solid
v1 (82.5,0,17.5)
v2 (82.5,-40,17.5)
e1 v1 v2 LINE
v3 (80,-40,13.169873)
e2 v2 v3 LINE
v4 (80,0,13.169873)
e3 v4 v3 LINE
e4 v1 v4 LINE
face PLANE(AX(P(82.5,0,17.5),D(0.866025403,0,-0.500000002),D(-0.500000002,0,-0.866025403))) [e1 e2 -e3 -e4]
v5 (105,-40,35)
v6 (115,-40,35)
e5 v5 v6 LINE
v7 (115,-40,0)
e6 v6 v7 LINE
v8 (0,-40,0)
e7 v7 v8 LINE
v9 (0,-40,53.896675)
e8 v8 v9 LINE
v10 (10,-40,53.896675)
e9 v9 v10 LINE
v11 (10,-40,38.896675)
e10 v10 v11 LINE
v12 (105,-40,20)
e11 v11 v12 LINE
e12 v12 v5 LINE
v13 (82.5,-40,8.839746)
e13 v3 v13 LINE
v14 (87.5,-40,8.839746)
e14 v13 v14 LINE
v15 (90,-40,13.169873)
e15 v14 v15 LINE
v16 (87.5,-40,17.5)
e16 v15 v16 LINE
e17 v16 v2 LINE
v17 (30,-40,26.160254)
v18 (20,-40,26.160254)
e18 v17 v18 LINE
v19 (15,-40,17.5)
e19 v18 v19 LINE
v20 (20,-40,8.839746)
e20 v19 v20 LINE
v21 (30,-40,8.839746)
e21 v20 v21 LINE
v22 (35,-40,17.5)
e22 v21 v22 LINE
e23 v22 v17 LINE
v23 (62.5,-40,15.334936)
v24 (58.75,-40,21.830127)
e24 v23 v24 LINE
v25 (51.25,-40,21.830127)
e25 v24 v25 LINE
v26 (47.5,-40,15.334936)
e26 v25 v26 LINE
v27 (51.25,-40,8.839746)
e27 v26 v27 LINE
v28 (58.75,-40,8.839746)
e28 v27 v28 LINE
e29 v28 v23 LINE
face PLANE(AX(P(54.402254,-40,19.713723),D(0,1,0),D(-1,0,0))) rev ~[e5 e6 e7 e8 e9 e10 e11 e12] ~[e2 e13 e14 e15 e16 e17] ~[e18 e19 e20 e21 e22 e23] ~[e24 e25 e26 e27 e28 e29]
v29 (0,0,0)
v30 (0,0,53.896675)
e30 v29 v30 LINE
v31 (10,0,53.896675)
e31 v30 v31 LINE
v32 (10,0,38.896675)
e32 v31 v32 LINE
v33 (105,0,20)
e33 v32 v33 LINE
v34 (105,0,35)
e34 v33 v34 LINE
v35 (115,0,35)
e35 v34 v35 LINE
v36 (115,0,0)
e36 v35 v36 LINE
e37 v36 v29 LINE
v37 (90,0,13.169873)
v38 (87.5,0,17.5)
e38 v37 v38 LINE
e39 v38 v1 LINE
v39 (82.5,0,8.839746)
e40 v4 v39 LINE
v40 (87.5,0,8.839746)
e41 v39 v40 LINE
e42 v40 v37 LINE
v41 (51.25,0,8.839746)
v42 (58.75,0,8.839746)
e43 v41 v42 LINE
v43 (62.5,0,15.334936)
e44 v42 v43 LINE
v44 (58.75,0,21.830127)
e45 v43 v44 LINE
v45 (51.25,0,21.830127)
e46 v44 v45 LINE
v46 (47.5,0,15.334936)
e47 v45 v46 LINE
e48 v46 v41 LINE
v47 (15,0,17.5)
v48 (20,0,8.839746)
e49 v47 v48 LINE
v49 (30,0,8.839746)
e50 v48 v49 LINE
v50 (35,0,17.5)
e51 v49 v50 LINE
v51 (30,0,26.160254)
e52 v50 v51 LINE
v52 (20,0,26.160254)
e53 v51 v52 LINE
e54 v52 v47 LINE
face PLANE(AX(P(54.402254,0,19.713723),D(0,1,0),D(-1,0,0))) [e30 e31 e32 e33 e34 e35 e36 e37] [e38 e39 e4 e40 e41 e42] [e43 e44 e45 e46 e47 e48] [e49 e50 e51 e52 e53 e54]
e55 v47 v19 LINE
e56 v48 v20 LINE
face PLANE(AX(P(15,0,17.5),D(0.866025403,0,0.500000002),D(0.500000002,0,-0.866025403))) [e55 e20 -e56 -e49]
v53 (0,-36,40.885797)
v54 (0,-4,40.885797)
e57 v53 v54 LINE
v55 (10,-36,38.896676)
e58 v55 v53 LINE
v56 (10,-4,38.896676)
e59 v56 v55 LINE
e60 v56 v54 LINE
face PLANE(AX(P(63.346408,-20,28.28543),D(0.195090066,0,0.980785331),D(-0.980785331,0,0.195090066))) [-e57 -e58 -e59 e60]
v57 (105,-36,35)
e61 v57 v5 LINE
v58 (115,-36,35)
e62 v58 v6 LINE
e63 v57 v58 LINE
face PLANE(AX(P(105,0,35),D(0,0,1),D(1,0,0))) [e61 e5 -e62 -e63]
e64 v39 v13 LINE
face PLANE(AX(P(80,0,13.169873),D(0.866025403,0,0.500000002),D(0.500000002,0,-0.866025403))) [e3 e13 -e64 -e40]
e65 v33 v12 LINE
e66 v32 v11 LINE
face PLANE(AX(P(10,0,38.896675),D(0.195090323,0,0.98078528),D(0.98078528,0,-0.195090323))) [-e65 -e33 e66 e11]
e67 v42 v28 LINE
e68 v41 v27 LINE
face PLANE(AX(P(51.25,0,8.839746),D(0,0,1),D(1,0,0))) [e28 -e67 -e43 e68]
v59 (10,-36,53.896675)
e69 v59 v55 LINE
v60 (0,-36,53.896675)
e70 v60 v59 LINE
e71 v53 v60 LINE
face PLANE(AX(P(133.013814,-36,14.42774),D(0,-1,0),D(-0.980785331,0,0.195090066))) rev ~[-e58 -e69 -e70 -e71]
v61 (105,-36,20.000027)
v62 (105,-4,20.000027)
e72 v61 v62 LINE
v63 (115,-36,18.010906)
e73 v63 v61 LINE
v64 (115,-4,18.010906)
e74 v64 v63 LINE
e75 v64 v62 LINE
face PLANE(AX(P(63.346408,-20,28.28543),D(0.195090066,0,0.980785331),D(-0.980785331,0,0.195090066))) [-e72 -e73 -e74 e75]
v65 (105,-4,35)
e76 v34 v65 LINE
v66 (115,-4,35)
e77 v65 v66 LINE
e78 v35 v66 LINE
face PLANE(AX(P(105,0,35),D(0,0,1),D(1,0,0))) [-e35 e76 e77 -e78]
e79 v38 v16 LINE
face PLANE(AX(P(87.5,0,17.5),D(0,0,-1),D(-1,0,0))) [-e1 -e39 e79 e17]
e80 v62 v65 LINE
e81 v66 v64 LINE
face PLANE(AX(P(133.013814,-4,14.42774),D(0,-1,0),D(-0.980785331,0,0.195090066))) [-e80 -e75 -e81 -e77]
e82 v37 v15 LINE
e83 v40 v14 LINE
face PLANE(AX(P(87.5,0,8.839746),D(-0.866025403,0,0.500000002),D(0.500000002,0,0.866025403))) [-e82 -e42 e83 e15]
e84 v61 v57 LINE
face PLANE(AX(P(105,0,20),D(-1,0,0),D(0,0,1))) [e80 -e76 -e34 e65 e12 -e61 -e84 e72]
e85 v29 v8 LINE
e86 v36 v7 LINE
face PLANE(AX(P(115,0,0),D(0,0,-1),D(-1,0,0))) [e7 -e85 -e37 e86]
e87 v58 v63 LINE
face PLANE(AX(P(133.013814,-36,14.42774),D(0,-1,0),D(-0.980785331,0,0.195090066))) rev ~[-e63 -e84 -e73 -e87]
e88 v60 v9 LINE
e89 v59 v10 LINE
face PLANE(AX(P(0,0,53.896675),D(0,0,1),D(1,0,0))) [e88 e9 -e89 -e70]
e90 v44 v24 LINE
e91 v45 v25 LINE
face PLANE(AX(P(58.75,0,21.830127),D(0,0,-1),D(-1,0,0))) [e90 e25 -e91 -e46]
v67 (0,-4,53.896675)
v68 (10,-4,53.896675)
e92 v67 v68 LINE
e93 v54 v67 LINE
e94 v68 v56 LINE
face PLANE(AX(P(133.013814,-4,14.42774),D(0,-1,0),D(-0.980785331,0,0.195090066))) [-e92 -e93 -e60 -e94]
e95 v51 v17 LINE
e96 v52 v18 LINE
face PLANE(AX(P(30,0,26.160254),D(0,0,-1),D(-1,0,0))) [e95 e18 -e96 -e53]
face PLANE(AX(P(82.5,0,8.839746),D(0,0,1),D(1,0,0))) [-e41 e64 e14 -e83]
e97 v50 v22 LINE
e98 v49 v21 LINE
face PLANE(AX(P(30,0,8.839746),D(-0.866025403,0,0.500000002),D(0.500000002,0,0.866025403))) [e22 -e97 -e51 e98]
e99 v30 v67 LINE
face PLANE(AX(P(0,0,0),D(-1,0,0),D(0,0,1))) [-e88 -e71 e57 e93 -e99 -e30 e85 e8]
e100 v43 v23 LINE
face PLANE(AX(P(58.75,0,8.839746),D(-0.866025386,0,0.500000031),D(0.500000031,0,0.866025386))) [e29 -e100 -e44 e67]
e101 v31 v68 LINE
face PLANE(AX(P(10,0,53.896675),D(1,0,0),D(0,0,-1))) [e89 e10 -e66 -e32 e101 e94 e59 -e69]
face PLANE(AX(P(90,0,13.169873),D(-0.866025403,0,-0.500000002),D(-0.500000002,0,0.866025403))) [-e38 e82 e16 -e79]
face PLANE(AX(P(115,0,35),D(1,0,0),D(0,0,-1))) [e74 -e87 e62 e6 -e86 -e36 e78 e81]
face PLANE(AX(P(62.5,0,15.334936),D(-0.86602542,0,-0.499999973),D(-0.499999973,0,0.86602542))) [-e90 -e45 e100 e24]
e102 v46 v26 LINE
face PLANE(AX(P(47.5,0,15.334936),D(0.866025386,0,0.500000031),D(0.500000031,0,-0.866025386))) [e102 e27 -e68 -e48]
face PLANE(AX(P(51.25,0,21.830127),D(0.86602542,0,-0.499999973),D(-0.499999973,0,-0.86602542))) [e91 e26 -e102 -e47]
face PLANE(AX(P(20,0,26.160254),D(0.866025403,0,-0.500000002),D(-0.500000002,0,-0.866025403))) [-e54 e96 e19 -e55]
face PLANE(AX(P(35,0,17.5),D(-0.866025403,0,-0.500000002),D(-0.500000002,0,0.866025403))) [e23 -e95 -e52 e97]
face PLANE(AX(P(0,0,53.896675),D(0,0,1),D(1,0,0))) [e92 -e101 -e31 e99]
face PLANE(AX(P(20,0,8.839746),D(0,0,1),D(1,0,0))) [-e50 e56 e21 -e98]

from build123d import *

# Parameters (mm, degrees)
PAD_DEPTH    = 40
SKETCH001_W  = 142.064534
SKETCH001_H  = 32
POCKET_DEPTH = 35.197263


with BuildPart() as part:
    # Sketch → Pad (new body)
    with BuildSketch(Plane.XZ):
        Polygon((0, 0), (0, 53.896675), (10, 53.896675), (10, 38.896675), (105, 20), (105, 35), (115, 35), (115, 0), align=None)
        Polygon((30, 8.839746), (35, 17.5), (30, 26.160254), (20, 26.160254), (15, 17.5), (20, 8.839746), align=None, mode=Mode.SUBTRACT)
        Polygon((58.75, 8.839746), (62.5, 15.334936), (58.75, 21.830127), (51.25, 21.830127), (47.5, 15.334936), (51.25, 8.839746), align=None, mode=Mode.SUBTRACT)
        Polygon((87.5, 8.839746), (90, 13.169873), (87.5, 17.5), (82.5, 17.5), (80, 13.169873), (82.5, 8.839746), align=None, mode=Mode.SUBTRACT)
    extrude(amount=PAD_DEPTH)

    # Sketch001 (on Face4 of Pad) → Pocket (cut, through all)
    with BuildSketch(Plane(origin=(7.823159, 0, 39.329676), x_dir=(-0.980785, 0, 0.19509), z_dir=(0.19509, 0, 0.980785))):
        with Locations((-56.611011, 20)):
            Rectangle(SKETCH001_W, SKETCH001_H)
    extrude(amount=POCKET_DEPTH, mode=Mode.SUBTRACT)


solid = part.part
